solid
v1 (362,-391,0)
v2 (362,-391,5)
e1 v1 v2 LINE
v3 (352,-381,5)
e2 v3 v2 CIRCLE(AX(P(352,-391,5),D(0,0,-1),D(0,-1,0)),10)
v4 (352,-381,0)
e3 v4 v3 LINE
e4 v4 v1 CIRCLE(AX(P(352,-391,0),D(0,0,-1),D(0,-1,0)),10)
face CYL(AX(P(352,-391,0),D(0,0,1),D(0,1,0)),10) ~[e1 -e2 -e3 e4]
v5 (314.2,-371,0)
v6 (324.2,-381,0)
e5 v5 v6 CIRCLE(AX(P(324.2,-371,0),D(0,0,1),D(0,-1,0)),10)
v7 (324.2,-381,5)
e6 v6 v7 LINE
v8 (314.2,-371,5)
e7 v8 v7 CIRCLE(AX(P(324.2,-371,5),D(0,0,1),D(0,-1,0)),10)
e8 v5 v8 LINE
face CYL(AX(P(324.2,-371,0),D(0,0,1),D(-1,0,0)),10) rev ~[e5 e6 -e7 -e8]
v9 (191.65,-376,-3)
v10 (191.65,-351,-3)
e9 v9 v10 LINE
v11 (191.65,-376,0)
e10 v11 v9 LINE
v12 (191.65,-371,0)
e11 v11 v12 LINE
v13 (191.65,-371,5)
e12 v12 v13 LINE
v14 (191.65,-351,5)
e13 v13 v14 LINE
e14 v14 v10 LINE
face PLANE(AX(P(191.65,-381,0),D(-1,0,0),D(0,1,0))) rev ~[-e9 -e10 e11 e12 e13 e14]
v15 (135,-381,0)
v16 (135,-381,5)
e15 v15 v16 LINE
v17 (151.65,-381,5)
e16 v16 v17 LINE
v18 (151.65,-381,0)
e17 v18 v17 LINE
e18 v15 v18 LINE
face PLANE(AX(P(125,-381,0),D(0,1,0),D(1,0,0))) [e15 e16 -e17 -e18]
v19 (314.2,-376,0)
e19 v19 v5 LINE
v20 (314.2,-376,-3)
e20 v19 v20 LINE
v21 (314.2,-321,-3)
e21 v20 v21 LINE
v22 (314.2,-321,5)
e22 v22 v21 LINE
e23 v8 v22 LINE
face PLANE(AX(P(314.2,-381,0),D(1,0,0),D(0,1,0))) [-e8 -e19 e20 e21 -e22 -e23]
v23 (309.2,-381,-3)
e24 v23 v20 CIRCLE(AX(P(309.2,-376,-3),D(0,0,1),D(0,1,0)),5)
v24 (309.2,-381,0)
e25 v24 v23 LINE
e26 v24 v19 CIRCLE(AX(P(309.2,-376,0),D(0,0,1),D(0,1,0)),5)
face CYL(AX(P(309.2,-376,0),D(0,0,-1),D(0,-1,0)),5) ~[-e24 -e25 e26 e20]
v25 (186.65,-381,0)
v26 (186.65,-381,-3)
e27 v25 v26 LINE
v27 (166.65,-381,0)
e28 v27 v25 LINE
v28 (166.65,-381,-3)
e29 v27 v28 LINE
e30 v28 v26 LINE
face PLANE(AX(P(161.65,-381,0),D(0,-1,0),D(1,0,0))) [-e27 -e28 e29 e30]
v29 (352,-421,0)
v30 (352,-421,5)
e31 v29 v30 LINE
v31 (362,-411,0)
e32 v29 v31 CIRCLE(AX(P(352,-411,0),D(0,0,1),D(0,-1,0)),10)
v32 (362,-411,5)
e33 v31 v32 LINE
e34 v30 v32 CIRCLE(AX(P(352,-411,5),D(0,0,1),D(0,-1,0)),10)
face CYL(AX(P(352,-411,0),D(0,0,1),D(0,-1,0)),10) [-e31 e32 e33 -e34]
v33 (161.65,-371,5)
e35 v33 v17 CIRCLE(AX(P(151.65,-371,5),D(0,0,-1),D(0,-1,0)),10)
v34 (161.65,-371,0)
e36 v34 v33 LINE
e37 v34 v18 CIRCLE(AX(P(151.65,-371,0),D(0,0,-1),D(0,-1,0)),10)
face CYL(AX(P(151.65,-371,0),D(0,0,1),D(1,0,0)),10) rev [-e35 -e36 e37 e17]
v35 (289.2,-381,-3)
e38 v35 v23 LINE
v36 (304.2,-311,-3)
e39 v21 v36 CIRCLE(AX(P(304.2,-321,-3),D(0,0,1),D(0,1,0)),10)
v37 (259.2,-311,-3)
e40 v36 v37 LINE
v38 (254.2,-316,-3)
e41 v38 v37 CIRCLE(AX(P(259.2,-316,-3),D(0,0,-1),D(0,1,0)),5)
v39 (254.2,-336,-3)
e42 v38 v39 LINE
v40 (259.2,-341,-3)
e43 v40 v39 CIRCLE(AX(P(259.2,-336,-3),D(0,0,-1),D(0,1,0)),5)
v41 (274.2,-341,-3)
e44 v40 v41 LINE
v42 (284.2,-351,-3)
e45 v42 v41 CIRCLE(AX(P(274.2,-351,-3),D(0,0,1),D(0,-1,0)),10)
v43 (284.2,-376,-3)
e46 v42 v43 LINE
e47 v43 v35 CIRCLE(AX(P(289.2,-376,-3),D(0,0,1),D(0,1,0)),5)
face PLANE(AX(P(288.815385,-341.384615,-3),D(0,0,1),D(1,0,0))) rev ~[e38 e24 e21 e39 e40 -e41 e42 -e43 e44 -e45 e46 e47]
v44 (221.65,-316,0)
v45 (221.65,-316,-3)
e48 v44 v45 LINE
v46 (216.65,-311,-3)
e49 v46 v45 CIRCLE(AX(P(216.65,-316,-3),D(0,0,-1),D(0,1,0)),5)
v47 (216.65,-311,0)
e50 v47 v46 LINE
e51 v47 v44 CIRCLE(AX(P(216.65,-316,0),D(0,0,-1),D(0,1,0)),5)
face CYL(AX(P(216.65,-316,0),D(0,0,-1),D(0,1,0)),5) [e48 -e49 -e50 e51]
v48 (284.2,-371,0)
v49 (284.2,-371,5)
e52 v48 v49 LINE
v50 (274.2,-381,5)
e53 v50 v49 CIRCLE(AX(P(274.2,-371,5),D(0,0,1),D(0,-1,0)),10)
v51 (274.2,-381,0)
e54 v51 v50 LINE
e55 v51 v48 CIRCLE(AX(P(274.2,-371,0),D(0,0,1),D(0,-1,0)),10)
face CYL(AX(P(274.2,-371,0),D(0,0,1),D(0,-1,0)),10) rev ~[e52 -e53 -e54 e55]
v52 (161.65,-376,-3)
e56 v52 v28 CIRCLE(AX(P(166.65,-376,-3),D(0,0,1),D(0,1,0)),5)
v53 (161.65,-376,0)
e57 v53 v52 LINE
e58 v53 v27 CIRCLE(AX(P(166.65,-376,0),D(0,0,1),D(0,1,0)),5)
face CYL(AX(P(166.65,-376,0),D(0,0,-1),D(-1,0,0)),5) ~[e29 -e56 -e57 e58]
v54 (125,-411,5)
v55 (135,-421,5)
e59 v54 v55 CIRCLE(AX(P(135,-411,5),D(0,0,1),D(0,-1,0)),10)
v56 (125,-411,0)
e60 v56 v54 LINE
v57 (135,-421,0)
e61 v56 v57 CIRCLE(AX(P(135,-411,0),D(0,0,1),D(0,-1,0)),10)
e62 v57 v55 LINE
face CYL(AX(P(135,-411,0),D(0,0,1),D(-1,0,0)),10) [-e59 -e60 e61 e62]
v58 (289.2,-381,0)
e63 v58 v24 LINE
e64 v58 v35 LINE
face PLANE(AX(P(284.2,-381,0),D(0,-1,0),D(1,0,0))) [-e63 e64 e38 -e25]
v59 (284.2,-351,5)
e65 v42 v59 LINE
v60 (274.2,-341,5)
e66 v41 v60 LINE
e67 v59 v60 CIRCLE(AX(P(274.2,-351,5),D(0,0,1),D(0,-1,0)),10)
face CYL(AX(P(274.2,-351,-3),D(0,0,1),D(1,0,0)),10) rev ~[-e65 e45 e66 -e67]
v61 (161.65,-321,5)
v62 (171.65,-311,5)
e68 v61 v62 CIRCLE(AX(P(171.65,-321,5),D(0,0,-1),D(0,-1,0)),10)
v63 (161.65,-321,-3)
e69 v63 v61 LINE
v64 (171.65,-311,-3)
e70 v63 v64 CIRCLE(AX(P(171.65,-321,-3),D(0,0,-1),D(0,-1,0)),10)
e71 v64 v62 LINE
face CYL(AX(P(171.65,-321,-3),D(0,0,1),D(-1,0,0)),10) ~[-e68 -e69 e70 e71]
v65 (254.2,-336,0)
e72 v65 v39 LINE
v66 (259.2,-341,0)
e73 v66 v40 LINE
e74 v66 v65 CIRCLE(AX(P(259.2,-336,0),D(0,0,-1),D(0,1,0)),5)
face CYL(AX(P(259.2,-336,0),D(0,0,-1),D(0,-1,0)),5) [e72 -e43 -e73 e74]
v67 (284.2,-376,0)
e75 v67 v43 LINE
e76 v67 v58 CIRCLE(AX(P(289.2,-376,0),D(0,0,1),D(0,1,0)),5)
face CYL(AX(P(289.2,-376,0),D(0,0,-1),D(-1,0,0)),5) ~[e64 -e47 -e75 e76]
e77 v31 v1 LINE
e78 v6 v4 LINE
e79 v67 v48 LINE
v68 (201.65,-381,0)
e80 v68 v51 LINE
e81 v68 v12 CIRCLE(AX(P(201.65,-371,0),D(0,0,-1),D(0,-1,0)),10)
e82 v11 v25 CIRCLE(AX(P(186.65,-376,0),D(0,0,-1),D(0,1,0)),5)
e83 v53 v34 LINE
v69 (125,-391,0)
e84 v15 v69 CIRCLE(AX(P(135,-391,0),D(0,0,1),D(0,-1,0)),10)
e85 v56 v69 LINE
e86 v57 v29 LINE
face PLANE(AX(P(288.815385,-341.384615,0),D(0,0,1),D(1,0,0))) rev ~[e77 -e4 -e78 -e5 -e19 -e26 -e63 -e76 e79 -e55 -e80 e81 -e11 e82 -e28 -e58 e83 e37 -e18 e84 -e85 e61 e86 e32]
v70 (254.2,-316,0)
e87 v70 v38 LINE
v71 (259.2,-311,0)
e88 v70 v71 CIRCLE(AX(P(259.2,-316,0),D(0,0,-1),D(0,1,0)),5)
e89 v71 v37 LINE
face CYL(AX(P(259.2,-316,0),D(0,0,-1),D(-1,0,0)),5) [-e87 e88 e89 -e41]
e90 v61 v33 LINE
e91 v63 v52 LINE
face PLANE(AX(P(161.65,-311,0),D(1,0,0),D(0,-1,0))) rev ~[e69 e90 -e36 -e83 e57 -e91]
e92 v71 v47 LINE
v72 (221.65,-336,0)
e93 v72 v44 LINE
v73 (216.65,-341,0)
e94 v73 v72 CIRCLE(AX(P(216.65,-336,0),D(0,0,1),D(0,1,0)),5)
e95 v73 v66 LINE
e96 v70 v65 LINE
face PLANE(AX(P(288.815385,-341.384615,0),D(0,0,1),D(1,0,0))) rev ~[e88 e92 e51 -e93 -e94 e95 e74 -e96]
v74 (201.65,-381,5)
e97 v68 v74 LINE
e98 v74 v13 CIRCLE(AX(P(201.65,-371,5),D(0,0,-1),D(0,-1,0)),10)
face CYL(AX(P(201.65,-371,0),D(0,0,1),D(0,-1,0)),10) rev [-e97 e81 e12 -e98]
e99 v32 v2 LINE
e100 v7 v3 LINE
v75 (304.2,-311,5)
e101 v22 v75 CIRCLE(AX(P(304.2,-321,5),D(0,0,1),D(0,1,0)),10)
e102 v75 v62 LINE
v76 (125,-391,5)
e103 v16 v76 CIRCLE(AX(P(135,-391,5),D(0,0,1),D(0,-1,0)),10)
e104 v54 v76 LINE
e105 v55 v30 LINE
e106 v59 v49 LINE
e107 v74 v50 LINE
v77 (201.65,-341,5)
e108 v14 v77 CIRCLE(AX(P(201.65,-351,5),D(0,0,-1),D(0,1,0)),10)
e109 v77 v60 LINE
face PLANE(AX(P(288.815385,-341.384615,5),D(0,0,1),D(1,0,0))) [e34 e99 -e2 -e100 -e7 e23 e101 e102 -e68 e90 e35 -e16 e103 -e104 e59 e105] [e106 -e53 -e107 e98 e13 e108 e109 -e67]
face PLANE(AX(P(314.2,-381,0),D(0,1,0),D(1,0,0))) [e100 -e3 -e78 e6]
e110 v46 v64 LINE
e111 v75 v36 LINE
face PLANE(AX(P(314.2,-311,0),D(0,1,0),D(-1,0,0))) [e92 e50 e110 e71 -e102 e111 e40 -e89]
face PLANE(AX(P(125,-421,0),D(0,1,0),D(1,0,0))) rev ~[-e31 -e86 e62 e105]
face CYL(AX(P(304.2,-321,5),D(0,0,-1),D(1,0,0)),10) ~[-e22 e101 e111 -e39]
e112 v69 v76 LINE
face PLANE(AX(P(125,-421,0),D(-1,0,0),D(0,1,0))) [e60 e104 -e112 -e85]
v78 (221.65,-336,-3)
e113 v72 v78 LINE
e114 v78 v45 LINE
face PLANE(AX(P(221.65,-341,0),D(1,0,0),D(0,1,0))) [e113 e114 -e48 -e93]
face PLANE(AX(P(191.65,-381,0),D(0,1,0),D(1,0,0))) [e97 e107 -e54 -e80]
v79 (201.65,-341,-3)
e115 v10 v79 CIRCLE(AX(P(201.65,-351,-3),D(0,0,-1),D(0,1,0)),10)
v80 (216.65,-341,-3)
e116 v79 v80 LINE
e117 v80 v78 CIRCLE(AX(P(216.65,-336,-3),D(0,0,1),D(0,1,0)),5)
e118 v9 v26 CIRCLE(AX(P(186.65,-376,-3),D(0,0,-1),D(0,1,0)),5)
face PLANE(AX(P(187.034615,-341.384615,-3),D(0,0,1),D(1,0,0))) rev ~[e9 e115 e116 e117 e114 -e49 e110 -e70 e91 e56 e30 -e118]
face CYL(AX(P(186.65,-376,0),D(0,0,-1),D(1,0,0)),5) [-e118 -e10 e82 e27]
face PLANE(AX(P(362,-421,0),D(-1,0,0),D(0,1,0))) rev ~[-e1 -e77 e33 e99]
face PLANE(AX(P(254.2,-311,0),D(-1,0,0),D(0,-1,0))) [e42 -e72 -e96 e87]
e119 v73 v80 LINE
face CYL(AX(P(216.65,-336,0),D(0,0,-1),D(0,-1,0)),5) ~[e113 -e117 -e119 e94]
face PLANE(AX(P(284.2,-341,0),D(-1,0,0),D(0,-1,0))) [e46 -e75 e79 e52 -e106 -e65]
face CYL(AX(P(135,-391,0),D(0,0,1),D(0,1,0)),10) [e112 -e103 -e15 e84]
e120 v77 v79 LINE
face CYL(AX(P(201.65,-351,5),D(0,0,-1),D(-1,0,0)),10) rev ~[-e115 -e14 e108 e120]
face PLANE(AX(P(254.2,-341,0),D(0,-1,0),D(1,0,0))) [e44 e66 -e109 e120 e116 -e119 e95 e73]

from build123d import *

# Parameters (mm, degrees)
CROQUIS1_W              = 237
CROQUIS1_H              = 40
CROQUIS1_W_2            = 32.55
CROQUIS1_H_2            = 30
SALIENTE_EXTRUIR1_DEPTH = 5
SALIENTE_EXTRUIR2_DEPTH = 3
REDONDEO1_R             = 10
REDONDEO2_R             = 5


with BuildPart() as part:
    # Croquis1 → Saliente-Extruir1 (new body)
    with BuildSketch(Plane.XY):
        Polygon((254.2, -311), (254.2, -341), (284.2, -341), (284.2, -381), (314.2, -381), (314.2, -311), align=None)
        Polygon((191.65, -341), (221.65, -341), (221.65, -311), (161.65, -311), (161.65, -381), (191.65, -381), align=None)
        with Locations((243.5, -401)):
            Rectangle(CROQUIS1_W, CROQUIS1_H)
        with Locations((237.925, -326)):
            Rectangle(CROQUIS1_W_2, CROQUIS1_H_2)
    extrude(amount=SALIENTE_EXTRUIR1_DEPTH)

    # Croquis1<3> → Saliente-Extruir2 (add)
    with BuildSketch(Plane.XY):
        Polygon((254.2, -311), (254.2, -341), (284.2, -341), (284.2, -381), (314.2, -381), (314.2, -311), align=None)
        Polygon((191.65, -341), (221.65, -341), (221.65, -311), (161.65, -311), (161.65, -381), (191.65, -381), align=None)
    extrude(amount=-SALIENTE_EXTRUIR2_DEPTH)

    # Redondeo1
    redondeo1_edges = [part.edges().sort_by_distance(p)[0] for p in [
        (314.2, -381, 2.5),
        (362, -381, 2.5),
        (362, -421, 2.5),
        (125, -421, 2.5),
        (125, -381, 2.5),
        (161.65, -381, 2.5),
        (161.65, -311, 1),
        (314.2, -311, 1),
        (191.65, -381, 2.5),
        (284.2, -381, 2.5),
        (284.2, -341, 1),
        (191.65, -341, 1),
    ]]
    fillet(redondeo1_edges, radius=REDONDEO1_R)

    # Redondeo2
    redondeo2_edges = [part.edges().sort_by_distance(p)[0] for p in [
        (314.2, -381, -1.5),
        (284.2, -381, -1.5),
        (254.2, -341, -1.5),
        (254.2, -311, -1.5),
        (221.65, -341, -1.5),
        (221.65, -311, -1.5),
        (161.65, -381, -1.5),
        (191.65, -381, -1.5),
    ]]
    fillet(redondeo2_edges, radius=REDONDEO2_R)


solid = part.part
